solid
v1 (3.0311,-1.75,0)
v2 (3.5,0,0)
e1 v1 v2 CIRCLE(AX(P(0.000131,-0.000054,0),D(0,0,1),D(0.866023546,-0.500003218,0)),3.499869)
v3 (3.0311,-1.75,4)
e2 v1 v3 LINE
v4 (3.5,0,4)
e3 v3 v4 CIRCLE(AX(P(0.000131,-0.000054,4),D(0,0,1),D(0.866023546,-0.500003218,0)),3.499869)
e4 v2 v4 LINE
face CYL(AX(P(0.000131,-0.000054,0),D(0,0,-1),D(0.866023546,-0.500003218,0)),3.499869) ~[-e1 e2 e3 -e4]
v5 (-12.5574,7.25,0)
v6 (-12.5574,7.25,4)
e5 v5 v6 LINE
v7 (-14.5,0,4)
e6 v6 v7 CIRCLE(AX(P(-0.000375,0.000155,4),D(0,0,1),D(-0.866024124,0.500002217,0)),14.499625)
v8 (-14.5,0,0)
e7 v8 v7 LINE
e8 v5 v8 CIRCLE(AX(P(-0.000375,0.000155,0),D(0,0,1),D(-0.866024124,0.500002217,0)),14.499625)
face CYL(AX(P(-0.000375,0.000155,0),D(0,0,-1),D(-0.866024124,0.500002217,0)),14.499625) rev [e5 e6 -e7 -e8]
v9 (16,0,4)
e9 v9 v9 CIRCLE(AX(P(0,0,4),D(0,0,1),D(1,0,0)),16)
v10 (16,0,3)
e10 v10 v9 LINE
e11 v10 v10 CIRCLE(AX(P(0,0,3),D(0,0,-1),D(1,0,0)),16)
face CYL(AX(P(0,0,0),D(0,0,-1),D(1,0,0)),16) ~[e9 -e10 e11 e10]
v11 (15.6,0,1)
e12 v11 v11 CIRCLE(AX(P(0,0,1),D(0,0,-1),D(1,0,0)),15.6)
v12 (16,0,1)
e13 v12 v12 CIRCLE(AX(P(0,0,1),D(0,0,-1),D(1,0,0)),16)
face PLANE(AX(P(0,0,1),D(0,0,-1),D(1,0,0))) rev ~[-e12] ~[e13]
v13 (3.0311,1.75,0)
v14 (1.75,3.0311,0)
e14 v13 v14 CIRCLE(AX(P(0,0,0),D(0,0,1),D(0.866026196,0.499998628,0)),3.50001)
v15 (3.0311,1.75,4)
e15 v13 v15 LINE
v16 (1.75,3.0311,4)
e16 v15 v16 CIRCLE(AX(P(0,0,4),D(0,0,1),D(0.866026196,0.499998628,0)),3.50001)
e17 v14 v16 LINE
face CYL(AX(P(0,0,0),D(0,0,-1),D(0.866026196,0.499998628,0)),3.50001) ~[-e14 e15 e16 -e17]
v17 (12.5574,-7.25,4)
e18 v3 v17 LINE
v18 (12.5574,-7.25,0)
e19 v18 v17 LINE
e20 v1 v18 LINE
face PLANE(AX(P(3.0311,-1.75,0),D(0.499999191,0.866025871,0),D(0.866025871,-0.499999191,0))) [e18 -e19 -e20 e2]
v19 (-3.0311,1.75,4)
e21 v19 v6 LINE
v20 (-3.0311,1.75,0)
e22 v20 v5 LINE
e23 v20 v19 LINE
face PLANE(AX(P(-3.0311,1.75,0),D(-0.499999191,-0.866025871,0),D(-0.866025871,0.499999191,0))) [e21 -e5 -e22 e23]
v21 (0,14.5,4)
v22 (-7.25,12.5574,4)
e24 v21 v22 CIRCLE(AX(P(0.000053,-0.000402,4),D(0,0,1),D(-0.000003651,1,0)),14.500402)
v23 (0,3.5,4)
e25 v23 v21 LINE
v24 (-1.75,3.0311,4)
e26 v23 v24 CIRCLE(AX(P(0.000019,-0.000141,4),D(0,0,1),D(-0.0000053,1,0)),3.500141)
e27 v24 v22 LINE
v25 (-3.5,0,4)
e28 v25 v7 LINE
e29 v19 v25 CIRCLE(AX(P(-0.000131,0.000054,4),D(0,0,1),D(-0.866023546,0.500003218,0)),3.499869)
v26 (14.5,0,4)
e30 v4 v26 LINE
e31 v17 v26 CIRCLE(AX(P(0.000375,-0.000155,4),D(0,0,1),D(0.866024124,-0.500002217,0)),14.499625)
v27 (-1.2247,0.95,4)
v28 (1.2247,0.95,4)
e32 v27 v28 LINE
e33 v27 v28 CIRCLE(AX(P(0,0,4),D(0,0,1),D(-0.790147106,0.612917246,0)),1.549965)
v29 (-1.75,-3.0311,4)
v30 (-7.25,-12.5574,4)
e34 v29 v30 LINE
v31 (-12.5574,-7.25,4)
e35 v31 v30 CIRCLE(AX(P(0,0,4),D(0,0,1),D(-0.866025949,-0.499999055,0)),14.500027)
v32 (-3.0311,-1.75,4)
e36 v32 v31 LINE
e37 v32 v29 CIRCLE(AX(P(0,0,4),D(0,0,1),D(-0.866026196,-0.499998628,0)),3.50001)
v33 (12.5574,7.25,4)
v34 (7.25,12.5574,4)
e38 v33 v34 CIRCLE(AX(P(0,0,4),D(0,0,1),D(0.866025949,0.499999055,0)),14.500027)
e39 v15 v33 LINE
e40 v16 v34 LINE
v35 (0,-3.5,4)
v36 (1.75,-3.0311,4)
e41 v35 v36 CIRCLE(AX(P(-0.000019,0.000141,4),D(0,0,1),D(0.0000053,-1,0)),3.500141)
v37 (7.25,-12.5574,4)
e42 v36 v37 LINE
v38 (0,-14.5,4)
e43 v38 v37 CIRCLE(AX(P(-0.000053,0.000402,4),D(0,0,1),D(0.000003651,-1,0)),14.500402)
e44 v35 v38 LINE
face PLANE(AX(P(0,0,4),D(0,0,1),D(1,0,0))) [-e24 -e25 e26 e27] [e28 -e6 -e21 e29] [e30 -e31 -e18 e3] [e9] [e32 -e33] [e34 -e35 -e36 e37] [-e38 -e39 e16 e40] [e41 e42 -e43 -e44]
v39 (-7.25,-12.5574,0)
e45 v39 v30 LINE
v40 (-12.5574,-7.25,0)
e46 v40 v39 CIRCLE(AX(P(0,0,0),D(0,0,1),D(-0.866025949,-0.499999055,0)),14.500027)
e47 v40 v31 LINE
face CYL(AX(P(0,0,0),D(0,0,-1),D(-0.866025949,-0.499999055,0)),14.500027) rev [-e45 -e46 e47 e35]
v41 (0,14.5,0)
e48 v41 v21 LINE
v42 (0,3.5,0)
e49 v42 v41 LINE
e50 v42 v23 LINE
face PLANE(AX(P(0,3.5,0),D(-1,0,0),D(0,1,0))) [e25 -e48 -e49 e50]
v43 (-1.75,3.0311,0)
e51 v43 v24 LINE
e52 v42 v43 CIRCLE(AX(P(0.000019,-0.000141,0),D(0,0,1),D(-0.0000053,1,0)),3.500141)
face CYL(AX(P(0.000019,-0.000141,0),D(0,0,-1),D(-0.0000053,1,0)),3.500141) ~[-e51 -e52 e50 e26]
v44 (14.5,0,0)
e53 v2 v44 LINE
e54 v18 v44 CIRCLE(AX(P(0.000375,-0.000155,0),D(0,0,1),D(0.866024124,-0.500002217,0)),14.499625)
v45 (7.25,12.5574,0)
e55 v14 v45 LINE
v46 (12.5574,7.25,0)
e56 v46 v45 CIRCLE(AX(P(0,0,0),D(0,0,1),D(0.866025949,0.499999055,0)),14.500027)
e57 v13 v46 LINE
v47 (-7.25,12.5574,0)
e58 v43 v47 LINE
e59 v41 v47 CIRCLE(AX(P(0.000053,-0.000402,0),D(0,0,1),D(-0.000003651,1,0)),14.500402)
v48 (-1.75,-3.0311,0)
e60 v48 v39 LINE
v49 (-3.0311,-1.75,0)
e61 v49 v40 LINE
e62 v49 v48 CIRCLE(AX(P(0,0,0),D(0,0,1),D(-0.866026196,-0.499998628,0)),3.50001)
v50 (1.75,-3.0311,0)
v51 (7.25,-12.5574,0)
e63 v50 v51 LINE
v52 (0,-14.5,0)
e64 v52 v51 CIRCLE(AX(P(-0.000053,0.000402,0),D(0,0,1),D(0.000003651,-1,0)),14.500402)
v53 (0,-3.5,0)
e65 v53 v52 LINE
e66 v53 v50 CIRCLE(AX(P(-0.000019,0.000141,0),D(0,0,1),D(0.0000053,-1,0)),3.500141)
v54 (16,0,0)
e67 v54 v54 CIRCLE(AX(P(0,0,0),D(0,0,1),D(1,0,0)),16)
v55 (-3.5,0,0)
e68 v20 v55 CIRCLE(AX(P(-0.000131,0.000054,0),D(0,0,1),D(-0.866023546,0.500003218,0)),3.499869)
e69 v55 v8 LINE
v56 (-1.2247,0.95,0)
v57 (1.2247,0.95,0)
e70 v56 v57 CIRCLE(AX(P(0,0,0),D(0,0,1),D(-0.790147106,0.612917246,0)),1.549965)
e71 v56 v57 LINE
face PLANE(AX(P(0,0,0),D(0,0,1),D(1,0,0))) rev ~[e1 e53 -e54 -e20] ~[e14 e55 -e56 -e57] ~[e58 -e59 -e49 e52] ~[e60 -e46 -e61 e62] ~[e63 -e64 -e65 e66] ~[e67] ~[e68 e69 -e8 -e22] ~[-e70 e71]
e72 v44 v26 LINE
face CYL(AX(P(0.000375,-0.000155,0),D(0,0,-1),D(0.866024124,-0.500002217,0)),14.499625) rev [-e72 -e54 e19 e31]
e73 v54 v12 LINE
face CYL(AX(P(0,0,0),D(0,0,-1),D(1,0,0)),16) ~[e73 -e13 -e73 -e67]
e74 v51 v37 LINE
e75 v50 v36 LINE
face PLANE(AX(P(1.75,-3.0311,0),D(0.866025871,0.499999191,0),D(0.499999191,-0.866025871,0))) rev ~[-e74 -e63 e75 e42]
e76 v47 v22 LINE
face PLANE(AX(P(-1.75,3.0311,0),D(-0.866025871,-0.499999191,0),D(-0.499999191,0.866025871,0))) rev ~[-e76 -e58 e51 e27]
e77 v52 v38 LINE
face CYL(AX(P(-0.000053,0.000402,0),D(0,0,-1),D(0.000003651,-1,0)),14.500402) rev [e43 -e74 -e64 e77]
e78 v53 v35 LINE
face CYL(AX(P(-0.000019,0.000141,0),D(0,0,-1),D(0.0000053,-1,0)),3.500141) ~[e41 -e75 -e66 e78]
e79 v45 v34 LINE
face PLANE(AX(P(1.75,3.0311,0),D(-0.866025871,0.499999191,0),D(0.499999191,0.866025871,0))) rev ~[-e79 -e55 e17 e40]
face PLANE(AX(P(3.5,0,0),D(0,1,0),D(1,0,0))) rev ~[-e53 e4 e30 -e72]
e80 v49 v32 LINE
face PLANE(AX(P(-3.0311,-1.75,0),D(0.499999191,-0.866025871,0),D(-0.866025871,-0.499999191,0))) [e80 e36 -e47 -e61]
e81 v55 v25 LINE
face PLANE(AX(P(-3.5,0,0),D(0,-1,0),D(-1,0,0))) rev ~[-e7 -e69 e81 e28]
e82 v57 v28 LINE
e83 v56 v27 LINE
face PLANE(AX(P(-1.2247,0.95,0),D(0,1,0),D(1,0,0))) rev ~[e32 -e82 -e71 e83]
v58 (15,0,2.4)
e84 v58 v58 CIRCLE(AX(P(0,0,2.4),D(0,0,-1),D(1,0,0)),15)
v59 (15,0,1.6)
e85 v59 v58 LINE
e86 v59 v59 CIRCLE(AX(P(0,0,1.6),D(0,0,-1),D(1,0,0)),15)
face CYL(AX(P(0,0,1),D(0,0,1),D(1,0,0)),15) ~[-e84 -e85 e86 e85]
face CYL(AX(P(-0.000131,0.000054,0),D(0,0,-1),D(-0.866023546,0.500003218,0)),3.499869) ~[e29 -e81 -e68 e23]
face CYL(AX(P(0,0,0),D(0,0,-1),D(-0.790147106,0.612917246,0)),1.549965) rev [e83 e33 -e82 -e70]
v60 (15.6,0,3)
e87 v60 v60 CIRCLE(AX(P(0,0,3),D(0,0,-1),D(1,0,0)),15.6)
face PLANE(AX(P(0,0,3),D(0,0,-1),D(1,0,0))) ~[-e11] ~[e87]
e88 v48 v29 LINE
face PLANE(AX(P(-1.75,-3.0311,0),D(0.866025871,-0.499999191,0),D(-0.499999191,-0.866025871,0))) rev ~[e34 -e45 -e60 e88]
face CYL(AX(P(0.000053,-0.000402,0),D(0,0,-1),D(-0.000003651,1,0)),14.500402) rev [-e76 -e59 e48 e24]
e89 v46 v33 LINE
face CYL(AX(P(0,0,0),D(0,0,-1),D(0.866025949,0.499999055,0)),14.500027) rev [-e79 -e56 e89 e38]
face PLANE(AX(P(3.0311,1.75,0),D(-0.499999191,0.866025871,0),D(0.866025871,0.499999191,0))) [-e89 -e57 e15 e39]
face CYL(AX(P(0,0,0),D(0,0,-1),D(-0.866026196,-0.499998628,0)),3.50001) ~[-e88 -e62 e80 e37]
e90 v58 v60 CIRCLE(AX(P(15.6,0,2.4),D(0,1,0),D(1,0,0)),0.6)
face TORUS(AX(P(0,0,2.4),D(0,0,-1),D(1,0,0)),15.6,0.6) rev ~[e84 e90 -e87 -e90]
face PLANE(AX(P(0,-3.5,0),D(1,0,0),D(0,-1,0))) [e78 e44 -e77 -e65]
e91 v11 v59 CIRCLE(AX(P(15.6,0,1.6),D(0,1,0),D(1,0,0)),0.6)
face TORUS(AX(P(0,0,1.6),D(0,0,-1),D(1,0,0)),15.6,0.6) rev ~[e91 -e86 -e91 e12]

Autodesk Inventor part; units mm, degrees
ref_plane "YZ Plane" through (0, 0, 0) normal (1, 0, 0) x (0, 1, 0)
ref_plane "XZ Plane" through (0, 0, 0) normal (0, 1, 0) x (-1, 0, 0)
ref_plane "XY Plane" through (0, 0, 0) normal (0, 0, 1) x (1, 0, 0)
sketch "Sketch1" plane through (0, 0, 0) normal (0, 0, 1) x (1, 0, 0)
  circle A0 centre (0, 0) radius 16
  arc A1 (-1.2247, 0.95) -> (1.2247, 0.95) centre (0, 0) ccw
  line L0 (-1.2247, 0.95) -> (1.2247, 0.95)
  line L1 (-3.5, 0) -> (-14.5, 0)
  line L2 (-3.0311, -1.75) -> (-12.5574, -7.25)
  line L3 (-1.75, -3.0311) -> (-7.25, -12.5574)
  line L4 (0, -3.5) -> (0, -14.5)
  line L5 (1.75, -3.0311) -> (7.25, -12.5574)
  line L6 (3.0311, -1.75) -> (12.5574, -7.25)
  line L7 (3.5, 0) -> (14.5, 0)
  line L8 (3.0311, 1.75) -> (12.5574, 7.25)
  line L9 (1.75, 3.0311) -> (7.25, 12.5574)
  line L10 (0, 3.5) -> (0, 14.5)
  line L11 (-1.75, 3.0311) -> (-7.25, 12.5574)
  line L12 (-3.0311, 1.75) -> (-12.5574, 7.25)
  arc A2 (-3.0311, -1.75) -> (-1.75, -3.0311) centre (0, 0) ccw
  arc A3 (0, -3.5) -> (1.75, -3.0311) centre (0, 0) ccw
  arc A4 (3.0311, -1.75) -> (3.5, 0) centre (0, 0) ccw
  arc A5 (3.0311, 1.75) -> (1.75, 3.0311) centre (0, 0) ccw
  arc A6 (0, 3.5) -> (-1.75, 3.0311) centre (0, 0) ccw
  arc A7 (-3.0311, 1.75) -> (-3.5, 0) centre (0, 0) ccw
  arc A8 (-12.5574, -7.25) -> (-7.25, -12.5574) centre (0, 0) ccw
  arc A9 (0, -14.5) -> (7.25, -12.5574) centre (0, 0) ccw
  arc A10 (12.5574, -7.25) -> (14.5, 0) centre (0, 0) ccw
  arc A11 (12.5574, 7.25) -> (7.25, 12.5574) centre (0, 0) ccw
  arc A12 (0, 14.5) -> (-7.25, 12.5574) centre (0, 0) ccw
  arc A13 (-12.5574, 7.25) -> (-14.5, 0) centre (0, 0) ccw
  dimension "d0" = 32
  dimension "d1" = 3.1
  dimension "d2" = 0.95
  dimension "d18" = 360
  dimension "d20" = 14.5
extrude "Extrusion1" add sketch "Sketch1" along normal blind 4
ref_plane "Work Plane3" through (-1.2247, 0, 0) normal (0, -1, 0) x (1, 0, 0)
sketch "Sketch4" plane through (-1.2247, 0, 0) normal (0, -1, 0) x (1, 0, 0)
  line L0 (17.2247, 4) -> (-14.7753, 4) projected
  line L1 (-14.7753, 0) -> (17.2247, 0) projected
  line L2 (17.2247, 4) -> (-14.7753, 4) construction
  line L3 (1.2247, 4) -> (1.2247, 0) construction
  line L4 (16.2247, 3) -> (17.2247, 3)
  line L5 (17.2247, 3) -> (17.2247, 1)
  line L6 (17.2247, 1) -> (16.2247, 1)
  line L7 (16.2247, 1) -> (16.2247, 3)
  line L8 (17.2247, 0) -> (17.2247, 4) projected
  line L9 (16.2247, 1) -> (16.2247, 0) construction
  line L10 (16.2247, 3) -> (16.2247, 4) construction
  dimension "d10" = 1
  dimension "d11" = 1
revolve "Revolution1" cut sketch "Sketch4" angle 360 about axis through (0, 0, 4) along (0, 0, -1)
fillet "Fillet1" radius 0.6 2 edges at (-15, 0, 3) (-15, 0, 1)
properties part number "wheel"
